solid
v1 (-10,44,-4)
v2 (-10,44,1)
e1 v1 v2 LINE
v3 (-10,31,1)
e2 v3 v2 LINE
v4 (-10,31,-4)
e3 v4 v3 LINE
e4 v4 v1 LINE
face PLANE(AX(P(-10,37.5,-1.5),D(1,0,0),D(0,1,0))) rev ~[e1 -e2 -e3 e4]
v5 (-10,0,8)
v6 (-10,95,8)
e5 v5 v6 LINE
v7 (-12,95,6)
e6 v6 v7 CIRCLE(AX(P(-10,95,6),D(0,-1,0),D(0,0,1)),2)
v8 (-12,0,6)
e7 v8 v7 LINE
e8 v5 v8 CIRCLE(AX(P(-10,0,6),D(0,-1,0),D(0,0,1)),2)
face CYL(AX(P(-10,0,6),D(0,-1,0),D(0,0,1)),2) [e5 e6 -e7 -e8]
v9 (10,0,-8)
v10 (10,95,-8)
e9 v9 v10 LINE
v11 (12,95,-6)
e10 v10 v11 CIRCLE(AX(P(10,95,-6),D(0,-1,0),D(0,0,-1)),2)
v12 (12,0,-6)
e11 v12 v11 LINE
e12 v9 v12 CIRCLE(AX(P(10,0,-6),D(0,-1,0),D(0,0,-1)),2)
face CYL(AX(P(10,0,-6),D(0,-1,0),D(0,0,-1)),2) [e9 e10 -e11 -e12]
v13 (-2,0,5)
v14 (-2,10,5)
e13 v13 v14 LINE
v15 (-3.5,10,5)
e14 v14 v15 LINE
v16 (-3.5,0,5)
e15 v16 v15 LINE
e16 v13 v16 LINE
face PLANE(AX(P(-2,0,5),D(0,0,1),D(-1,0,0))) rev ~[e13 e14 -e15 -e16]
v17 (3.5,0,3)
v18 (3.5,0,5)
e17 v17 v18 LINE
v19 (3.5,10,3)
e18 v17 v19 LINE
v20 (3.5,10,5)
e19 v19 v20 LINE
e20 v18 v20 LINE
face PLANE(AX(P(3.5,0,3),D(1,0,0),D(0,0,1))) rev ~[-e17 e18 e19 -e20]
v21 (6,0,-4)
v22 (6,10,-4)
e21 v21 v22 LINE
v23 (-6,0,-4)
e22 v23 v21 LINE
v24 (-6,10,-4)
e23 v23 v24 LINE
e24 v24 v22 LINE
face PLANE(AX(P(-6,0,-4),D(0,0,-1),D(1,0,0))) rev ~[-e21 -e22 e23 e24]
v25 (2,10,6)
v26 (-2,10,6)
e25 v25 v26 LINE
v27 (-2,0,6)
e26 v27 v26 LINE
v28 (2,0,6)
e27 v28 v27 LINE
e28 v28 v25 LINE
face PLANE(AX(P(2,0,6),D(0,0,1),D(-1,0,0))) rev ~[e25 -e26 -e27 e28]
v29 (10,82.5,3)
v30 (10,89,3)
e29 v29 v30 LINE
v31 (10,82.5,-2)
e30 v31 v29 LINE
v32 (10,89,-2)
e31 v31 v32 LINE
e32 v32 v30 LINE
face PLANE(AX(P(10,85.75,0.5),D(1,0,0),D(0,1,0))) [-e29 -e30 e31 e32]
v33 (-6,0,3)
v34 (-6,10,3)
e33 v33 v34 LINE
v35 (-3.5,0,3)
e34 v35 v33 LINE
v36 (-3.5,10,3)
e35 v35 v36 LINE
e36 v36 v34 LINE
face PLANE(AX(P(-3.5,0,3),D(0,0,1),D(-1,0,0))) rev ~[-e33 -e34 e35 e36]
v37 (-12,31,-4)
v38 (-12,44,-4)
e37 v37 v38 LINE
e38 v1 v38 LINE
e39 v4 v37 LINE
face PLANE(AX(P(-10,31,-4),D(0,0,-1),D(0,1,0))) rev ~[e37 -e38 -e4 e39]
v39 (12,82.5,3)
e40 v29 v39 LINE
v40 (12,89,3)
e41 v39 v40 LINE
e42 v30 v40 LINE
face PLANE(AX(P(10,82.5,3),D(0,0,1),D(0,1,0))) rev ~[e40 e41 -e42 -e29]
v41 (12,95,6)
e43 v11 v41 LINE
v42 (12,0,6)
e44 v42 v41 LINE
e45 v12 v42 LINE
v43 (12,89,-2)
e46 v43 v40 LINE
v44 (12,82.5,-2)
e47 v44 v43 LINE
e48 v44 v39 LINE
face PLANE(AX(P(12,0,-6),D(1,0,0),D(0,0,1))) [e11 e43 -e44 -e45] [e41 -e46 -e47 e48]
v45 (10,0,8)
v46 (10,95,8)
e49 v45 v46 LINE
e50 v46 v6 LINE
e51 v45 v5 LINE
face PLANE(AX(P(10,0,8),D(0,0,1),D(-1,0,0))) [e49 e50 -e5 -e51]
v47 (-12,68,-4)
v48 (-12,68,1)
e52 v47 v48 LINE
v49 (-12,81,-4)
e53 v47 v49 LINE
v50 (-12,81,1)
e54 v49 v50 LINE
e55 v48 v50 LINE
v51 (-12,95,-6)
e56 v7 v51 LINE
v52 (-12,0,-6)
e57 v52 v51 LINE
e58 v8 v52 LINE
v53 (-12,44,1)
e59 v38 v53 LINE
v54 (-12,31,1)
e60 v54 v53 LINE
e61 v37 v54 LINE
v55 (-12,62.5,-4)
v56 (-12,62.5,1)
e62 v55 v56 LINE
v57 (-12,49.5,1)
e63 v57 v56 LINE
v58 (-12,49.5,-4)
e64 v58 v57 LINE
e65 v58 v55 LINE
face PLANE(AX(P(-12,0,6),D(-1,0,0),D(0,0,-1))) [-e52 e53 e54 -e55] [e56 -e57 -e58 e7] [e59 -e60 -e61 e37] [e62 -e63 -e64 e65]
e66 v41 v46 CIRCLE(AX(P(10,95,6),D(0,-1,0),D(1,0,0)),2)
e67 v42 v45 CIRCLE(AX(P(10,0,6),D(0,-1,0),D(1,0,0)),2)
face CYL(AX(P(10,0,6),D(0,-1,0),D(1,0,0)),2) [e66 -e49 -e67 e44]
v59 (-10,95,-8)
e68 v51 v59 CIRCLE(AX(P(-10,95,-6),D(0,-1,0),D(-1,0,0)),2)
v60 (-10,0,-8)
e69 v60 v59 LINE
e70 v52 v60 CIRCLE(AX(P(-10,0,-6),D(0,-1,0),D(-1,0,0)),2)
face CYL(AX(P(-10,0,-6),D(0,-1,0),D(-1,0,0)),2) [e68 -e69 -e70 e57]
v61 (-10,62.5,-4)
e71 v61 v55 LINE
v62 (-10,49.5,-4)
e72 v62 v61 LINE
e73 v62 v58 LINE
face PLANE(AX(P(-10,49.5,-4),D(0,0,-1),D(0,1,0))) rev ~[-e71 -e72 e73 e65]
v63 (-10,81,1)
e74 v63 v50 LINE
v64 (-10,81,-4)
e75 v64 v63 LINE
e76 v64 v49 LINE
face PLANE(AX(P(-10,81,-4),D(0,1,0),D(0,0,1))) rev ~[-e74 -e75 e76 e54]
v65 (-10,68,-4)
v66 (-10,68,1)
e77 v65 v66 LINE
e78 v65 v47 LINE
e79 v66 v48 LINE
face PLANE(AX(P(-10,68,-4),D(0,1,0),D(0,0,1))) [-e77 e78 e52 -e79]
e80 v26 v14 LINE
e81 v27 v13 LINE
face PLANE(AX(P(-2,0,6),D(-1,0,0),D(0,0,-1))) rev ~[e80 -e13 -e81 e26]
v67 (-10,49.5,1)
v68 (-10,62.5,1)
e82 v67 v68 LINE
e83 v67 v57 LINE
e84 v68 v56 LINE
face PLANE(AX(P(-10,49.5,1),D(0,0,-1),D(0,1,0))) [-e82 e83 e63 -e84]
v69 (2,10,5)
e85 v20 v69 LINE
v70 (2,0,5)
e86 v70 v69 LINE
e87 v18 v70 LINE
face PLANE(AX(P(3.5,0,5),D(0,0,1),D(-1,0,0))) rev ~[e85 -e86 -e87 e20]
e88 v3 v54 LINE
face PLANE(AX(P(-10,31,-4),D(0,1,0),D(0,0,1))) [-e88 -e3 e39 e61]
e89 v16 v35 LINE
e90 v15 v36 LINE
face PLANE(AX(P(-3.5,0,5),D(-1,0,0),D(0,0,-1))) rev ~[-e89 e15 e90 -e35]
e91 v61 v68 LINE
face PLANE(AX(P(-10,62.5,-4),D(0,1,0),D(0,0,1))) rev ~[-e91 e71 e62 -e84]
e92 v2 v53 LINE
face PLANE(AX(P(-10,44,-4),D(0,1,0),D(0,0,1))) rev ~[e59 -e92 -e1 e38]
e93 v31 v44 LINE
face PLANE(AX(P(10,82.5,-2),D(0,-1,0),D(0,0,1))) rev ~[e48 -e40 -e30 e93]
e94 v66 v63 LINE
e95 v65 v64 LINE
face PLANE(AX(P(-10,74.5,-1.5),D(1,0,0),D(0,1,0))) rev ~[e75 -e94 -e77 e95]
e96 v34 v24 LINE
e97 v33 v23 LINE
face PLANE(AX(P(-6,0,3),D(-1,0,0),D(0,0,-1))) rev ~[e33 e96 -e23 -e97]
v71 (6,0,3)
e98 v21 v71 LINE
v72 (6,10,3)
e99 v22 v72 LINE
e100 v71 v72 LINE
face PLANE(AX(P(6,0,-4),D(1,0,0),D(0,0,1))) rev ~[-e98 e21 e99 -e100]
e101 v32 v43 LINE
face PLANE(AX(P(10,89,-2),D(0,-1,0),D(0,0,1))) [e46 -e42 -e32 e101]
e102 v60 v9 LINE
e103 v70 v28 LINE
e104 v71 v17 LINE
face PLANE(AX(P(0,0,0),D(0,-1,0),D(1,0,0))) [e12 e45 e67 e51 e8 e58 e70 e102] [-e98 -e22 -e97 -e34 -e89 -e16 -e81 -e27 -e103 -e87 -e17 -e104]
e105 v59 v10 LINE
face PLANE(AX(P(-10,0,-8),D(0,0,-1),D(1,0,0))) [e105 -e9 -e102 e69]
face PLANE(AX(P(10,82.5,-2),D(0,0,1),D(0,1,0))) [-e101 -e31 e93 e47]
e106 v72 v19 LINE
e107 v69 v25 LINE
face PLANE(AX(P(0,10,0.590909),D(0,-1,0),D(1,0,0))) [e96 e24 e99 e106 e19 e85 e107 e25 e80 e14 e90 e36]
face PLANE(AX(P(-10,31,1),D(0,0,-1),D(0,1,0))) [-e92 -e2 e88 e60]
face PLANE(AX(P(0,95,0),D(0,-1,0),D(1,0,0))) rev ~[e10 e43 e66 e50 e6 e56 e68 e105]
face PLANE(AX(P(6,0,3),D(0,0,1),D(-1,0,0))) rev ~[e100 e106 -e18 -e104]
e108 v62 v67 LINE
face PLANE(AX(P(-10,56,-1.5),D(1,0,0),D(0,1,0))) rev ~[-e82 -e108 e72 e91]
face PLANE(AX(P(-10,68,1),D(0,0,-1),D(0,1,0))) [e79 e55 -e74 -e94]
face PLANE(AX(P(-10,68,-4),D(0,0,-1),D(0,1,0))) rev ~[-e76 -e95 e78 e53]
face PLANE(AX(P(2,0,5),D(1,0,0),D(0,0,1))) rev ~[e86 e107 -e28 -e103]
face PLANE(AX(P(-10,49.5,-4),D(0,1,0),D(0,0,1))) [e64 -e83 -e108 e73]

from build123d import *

# Parameters (mm, degrees)
F1_DEPTH = 95
F2_DEPTH = 10
F4_START = 10
F3_W     = 6.5
F3_H     = 5
F4_DEPTH = 2
F5_START = -10
F3_W_2   = 13
F5_DEPTH = 2


with BuildPart() as f1:
    # F0 (on Front) → F1 (new body)
    with BuildSketch(Plane.XZ):
        with BuildLine():
            Line((-10, -8), (10, -8))
            ThreePointArc((10, -8), (11.4142135624, -7.4142135624), (12, -6))
            Line((12, -6), (12, 6))
            ThreePointArc((12, 6), (11.4142135624, 7.4142135624), (10, 8))
            Line((10, 8), (-10, 8))
            ThreePointArc((-10, 8), (-11.4142135624, 7.4142135624), (-12, 6))
            Line((-12, 6), (-12, -6))
            ThreePointArc((-12, -6), (-11.4142135624, -7.4142135624), (-10, -8))
        make_face()
        Polygon((-2, 5), (-2, 6), (2, 6), (2, 5), (3.5, 5), (3.5, 3), (6, 3), (6, -4), (-6, -4), (-6, 3), (-3.5, 3), (-3.5, 5), align=None, mode=Mode.SUBTRACT)
        Polygon((2, 6), (-2, 6), (-2, 5), (-3.5, 5), (-3.5, 3), (-6, 3), (-6, -4), (6, -4), (6, 3), (3.5, 3), (3.5, 5), (2, 5), align=None)
    extrude(amount=-F1_DEPTH)

    # F0 (on Front) → F2 (cut)
    with BuildSketch(Plane.XZ):
        Polygon((2, 6), (-2, 6), (-2, 5), (-3.5, 5), (-3.5, 3), (-6, 3), (-6, -4), (6, -4), (6, 3), (3.5, 3), (3.5, 5), (2, 5), align=None)
    extrude(amount=-F2_DEPTH, mode=Mode.SUBTRACT)

    # F3 (on Right) → F4 (cut)
    with BuildSketch(Plane.YZ.offset(F4_START)):
        with Locations((85.75, 0.5)):
            Rectangle(F3_W, F3_H)
    extrude(amount=F4_DEPTH, mode=Mode.SUBTRACT)

    # F3 (on Right) → F5 (cut)
    with BuildSketch(Plane.YZ.offset(F5_START)):
        with Locations((74.5, -1.5)):
            Rectangle(F3_W_2, F3_H)
        with Locations((56, -1.5)):
            Rectangle(F3_W_2, F3_H)
        with Locations((37.5, -1.5)):
            Rectangle(F3_W_2, F3_H)
    extrude(amount=-F5_DEPTH, mode=Mode.SUBTRACT)


solid = f1.part
